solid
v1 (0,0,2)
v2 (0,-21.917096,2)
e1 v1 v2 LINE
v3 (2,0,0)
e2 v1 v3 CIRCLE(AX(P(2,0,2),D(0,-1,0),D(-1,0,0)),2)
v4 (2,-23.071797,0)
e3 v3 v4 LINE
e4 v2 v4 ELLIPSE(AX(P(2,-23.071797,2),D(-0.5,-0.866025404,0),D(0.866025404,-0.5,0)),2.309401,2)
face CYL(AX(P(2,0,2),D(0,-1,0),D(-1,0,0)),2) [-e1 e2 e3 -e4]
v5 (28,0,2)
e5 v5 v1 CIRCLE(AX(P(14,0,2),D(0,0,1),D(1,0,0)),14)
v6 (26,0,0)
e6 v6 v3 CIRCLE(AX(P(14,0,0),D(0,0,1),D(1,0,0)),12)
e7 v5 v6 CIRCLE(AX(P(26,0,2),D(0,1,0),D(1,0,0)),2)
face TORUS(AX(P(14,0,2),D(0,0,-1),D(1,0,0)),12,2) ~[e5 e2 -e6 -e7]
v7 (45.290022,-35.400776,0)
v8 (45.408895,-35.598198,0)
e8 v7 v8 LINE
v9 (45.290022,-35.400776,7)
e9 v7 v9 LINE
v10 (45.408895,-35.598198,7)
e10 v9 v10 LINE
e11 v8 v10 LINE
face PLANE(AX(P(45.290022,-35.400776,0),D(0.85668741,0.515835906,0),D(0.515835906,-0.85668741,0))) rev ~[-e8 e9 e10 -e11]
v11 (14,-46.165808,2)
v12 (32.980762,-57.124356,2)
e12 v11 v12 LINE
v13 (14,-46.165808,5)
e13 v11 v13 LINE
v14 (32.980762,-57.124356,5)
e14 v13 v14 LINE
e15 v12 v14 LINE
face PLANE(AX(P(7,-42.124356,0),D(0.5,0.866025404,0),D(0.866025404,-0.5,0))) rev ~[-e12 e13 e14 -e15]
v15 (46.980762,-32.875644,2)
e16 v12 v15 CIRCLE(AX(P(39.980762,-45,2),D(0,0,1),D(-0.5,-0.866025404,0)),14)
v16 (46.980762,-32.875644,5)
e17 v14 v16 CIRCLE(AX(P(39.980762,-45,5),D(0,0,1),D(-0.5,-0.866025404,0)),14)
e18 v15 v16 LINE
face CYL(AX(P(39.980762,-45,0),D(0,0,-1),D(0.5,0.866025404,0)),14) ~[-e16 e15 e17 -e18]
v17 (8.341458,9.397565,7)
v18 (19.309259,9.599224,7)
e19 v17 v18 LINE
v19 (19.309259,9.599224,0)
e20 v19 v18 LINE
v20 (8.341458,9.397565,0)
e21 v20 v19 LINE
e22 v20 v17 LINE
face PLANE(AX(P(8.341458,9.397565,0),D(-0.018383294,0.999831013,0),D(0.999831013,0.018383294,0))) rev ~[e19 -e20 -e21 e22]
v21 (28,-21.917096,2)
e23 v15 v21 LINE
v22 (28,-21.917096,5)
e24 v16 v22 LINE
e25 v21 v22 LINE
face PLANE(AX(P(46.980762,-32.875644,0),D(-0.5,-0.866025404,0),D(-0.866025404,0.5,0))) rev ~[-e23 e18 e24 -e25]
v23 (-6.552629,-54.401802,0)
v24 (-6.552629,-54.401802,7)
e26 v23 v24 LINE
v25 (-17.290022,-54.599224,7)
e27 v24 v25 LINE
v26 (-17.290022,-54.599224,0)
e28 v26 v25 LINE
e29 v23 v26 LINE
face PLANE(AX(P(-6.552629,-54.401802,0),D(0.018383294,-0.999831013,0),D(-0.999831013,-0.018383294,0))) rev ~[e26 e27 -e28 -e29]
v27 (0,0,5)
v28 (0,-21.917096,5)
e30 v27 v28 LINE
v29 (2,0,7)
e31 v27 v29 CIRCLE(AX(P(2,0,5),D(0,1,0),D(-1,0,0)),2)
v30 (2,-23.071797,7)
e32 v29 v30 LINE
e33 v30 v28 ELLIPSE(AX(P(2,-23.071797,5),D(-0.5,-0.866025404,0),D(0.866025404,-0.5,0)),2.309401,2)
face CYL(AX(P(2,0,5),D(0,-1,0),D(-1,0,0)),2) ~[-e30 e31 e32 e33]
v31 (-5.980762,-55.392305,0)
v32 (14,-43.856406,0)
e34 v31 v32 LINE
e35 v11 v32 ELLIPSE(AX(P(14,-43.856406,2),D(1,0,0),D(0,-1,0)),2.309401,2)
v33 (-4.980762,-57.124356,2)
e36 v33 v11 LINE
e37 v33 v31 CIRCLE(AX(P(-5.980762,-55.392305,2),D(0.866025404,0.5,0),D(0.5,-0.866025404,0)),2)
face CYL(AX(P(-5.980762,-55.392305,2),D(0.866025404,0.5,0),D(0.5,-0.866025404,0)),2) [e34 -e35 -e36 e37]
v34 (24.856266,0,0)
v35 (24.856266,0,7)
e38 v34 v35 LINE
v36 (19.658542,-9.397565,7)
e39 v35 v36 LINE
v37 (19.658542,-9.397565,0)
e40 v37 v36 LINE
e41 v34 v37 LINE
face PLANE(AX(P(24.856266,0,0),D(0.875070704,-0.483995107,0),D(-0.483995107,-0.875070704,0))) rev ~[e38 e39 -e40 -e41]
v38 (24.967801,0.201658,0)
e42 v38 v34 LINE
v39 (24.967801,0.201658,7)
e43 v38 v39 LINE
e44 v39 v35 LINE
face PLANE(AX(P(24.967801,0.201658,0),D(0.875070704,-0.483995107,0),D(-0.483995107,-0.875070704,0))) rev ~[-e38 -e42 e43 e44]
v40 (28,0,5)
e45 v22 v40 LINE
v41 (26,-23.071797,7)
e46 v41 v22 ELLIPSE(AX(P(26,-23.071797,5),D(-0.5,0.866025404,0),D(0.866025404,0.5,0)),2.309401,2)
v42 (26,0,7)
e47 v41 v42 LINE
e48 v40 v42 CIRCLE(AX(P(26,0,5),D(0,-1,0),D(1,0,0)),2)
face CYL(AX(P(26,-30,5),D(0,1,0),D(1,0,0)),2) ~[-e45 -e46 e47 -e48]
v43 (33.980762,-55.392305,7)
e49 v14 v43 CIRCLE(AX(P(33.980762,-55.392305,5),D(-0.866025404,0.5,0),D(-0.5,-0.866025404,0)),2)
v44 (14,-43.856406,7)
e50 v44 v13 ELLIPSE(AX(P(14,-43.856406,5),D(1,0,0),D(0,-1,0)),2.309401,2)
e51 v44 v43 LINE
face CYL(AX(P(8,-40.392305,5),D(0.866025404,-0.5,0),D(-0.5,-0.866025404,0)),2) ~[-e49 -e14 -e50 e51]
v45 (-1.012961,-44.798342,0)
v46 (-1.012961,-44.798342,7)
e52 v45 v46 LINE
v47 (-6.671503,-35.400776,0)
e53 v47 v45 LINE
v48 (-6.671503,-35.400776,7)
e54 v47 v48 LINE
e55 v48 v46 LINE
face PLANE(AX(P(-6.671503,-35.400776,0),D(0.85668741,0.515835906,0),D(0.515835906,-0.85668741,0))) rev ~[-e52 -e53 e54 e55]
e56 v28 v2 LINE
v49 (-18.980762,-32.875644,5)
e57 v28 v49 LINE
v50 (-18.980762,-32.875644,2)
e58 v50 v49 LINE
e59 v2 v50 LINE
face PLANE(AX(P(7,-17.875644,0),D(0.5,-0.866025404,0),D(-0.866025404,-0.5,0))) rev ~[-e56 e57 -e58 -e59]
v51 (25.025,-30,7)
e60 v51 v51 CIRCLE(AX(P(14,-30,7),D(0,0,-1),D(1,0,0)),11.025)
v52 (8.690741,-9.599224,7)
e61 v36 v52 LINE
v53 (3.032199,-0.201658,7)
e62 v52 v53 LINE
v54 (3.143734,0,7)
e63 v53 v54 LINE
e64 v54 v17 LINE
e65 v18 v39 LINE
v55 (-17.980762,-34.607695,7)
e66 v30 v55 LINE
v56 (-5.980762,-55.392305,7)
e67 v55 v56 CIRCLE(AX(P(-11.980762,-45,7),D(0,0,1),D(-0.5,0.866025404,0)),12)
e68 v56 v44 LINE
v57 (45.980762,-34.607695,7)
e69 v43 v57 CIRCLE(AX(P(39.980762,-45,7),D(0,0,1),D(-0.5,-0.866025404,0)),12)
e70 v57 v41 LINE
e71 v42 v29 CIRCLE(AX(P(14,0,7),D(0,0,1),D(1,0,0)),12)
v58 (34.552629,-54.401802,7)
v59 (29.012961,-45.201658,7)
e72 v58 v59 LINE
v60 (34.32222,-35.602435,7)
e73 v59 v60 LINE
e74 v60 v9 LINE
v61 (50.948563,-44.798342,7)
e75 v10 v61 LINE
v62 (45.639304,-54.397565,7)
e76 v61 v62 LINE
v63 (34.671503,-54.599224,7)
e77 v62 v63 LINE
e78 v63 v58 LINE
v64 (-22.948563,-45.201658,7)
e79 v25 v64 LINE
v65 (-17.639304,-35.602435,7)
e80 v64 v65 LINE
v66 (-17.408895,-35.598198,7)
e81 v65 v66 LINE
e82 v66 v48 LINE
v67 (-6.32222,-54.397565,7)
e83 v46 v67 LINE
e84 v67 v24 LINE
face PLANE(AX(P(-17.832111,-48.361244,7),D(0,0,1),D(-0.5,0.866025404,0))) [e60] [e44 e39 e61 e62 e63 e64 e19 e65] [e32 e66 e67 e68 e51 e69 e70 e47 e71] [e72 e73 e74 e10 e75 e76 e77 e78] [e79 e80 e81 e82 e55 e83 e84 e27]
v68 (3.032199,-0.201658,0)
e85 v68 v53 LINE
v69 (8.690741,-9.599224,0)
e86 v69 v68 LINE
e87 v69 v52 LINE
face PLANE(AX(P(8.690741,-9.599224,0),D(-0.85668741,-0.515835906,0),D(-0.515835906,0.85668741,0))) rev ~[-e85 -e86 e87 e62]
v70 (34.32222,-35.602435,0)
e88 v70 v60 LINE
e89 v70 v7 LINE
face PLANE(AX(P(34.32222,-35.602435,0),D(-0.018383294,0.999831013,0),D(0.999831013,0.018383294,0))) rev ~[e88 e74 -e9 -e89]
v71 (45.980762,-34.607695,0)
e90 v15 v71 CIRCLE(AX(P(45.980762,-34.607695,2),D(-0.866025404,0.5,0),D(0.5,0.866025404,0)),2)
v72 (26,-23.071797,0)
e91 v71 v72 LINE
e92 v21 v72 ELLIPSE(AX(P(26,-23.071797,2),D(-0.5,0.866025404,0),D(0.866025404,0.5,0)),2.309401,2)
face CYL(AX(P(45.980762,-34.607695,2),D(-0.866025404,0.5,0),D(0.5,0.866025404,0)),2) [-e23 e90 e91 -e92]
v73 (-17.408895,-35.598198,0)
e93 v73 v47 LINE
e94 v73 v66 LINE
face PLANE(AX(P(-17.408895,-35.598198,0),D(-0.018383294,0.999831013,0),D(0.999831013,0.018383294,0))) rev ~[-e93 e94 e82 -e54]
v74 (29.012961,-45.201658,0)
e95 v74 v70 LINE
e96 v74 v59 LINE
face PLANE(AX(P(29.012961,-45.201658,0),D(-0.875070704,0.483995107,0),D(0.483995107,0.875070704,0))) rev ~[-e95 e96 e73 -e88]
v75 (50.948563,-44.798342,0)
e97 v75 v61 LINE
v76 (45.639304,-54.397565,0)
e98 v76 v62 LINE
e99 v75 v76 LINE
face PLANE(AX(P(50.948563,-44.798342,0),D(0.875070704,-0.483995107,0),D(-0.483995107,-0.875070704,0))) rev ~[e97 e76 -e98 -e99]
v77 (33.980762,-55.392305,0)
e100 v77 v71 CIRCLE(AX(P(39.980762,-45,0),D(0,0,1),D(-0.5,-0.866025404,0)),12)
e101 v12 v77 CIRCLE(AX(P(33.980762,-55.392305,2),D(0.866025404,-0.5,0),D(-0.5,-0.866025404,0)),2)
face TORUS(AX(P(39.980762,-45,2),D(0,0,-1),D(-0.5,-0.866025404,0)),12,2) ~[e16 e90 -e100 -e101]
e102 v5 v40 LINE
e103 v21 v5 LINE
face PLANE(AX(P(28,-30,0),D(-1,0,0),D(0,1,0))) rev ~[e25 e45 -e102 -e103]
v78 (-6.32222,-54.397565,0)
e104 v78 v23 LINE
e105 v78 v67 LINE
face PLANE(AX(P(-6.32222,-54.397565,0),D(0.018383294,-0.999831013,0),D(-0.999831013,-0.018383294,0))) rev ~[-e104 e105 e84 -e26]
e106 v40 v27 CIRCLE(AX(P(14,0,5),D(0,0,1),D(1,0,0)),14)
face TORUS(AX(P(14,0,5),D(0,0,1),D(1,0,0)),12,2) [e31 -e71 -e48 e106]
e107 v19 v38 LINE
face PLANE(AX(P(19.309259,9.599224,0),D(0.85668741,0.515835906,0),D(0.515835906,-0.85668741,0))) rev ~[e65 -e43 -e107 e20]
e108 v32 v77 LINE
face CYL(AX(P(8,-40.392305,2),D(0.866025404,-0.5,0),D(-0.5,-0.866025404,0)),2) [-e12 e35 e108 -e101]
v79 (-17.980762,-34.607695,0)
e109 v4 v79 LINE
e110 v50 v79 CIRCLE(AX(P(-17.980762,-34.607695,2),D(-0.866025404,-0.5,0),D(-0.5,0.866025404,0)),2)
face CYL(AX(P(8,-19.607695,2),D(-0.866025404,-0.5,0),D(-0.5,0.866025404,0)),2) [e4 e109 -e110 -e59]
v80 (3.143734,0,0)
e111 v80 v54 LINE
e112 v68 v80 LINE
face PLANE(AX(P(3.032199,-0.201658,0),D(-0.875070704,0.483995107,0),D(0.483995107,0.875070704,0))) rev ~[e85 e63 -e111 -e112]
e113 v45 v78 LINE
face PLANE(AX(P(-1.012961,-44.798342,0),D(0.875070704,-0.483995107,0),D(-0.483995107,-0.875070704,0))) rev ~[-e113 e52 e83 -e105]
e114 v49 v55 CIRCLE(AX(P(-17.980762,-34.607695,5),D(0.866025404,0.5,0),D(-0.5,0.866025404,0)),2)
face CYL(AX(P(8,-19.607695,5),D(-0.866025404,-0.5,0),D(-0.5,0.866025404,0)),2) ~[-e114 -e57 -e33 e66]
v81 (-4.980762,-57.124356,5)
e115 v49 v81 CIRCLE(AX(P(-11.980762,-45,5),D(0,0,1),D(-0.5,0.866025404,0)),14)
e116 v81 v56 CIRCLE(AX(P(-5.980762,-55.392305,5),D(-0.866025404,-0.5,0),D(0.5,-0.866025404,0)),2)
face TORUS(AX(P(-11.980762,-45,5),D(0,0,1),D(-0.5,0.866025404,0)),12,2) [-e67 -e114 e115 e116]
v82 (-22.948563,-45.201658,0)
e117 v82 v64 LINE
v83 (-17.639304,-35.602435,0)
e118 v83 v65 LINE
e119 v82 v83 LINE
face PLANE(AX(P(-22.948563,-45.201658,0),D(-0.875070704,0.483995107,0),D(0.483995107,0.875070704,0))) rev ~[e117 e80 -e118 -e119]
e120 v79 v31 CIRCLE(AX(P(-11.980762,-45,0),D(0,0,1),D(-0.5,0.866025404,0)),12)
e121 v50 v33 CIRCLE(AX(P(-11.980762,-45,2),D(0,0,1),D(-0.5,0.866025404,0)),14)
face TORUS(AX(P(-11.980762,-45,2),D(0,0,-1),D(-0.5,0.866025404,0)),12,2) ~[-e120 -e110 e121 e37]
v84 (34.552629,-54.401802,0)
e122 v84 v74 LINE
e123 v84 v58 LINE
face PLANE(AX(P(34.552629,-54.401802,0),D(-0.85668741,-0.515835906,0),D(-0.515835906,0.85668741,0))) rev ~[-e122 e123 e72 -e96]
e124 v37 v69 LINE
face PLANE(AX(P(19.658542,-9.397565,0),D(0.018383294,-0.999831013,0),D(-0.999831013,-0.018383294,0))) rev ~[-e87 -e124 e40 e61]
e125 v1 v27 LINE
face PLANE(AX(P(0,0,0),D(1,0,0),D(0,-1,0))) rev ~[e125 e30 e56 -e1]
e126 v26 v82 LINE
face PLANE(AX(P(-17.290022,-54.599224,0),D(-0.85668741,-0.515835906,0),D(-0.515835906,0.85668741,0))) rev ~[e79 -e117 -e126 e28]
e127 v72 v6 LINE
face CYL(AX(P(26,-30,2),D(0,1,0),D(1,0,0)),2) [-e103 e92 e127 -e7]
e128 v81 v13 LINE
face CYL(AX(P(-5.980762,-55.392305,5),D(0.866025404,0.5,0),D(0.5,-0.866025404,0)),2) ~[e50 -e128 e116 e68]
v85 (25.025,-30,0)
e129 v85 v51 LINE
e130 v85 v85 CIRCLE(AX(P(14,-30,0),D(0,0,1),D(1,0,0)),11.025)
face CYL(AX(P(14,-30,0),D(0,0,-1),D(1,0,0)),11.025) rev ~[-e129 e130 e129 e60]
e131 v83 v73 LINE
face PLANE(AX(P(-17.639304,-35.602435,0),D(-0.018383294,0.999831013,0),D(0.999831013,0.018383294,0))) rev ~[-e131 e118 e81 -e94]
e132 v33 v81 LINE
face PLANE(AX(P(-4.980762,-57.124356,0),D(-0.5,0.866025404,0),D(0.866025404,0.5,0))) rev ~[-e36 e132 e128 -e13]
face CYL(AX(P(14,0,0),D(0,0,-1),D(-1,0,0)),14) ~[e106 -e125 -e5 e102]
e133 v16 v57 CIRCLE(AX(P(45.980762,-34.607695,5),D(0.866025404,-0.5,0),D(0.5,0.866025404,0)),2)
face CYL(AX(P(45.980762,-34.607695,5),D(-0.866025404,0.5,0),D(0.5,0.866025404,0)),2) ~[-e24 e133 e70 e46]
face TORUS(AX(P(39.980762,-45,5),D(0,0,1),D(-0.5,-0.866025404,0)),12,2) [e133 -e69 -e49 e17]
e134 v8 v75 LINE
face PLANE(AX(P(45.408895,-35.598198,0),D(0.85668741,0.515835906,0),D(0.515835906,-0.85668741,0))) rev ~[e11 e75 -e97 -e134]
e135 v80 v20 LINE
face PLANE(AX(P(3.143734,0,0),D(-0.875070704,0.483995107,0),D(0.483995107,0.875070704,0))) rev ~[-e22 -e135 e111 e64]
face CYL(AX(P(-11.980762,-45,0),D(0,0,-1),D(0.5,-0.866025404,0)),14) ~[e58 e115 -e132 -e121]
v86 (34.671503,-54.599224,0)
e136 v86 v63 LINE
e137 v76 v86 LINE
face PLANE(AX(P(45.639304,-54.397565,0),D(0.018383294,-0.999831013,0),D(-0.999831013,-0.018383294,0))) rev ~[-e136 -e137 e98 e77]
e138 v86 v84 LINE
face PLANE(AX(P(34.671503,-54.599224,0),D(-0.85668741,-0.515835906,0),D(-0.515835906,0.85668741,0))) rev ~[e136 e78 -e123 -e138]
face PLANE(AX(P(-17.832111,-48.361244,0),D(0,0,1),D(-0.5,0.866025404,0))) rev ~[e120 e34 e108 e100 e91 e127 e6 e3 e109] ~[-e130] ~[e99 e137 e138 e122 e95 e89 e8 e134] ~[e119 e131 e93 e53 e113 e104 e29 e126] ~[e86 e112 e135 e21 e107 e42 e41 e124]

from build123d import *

# Parameters (mm, degrees)
F1_DEPTH = 7
F2_R     = 2
F3_COUNT = 3


with BuildPart() as f1:
    # F0 (on Top) → F1 (new body)
    with BuildSketch(Plane.XY):
        with BuildLine():
            ThreePointArc((28, 0), (14, 14), (0, 0))
            Line((0, 0), (3.1437343742, 0))
            Line((3.1437343742, 0), (8.3414580162, 9.3975654268))
            Line((8.3414580162, 9.3975654268), (19.3092594014, 9.5992238198))
            Line((19.3092594014, 9.5992238198), (24.9678013852, 0.201658393))
            Line((24.9678013852, 0.201658393), (24.8562656258, 0))
            Line((24.8562656258, 0), (28, 0))
        make_face()
        with BuildLine():
            Line((3.1437343742, 0), (0, 0))
            ThreePointArc((0, 0), (14, -14), (28, 0))
            Line((28, 0), (24.8562656258, 0))
            Line((24.8562656258, 0), (19.6585419838, -9.3975654268))
            Line((19.6585419838, -9.3975654268), (8.6907405986, -9.5992238198))
            Line((8.6907405986, -9.5992238198), (3.0321986148, -0.201658393))
            Line((3.0321986148, -0.201658393), (3.1437343742, 0))
        make_face()
        with BuildLine():
            ThreePointArc((28, 0), (14, -14), (0, 0))
            Line((0, 0), (0, -30))
            ThreePointArc((0, -30), (14, -16), (28, -30))
            Line((28, -30), (28, 0))
        make_face()
        with BuildLine():
            Line((2.975, -30), (0, -30))
            ThreePointArc((0, -30), (14, -44), (28, -30))
            Line((28, -30), (25.025, -30))
            ThreePointArc((25.025, -30), (14, -41.025), (2.975, -30))
        make_face()
        with BuildLine():
            ThreePointArc((28, -30), (14, -16), (0, -30))
            Line((0, -30), (2.975, -30))
            ThreePointArc((2.975, -30), (14, -18.975), (25.025, -30))
            Line((25.025, -30), (28, -30))
        make_face()
    extrude(amount=F1_DEPTH)

    # F2
    f2_edges = [f1.edges().sort_by_distance(p)[0] for p in [
        (28, -15, 7),
        (14, 14, 7),
        (0, -15, 0),
        (14, -44, 0),
        (0, -15, 7),
        (14, -44, 7),
        (14, 14, 0),
        (28, -15, 0),
    ]]
    fillet(f2_edges, radius=F2_R)

    # F3: F1 ×3 about axis
    f3_axis = Axis((14, -30, 7), (0, 0, -1))


with BuildPart() as f1_1:
    add(f1.part)
    for i in range(1, F3_COUNT):
        add(f1.part.rotate(f3_axis, i * 360 / F3_COUNT))


solid = f1_1.part
